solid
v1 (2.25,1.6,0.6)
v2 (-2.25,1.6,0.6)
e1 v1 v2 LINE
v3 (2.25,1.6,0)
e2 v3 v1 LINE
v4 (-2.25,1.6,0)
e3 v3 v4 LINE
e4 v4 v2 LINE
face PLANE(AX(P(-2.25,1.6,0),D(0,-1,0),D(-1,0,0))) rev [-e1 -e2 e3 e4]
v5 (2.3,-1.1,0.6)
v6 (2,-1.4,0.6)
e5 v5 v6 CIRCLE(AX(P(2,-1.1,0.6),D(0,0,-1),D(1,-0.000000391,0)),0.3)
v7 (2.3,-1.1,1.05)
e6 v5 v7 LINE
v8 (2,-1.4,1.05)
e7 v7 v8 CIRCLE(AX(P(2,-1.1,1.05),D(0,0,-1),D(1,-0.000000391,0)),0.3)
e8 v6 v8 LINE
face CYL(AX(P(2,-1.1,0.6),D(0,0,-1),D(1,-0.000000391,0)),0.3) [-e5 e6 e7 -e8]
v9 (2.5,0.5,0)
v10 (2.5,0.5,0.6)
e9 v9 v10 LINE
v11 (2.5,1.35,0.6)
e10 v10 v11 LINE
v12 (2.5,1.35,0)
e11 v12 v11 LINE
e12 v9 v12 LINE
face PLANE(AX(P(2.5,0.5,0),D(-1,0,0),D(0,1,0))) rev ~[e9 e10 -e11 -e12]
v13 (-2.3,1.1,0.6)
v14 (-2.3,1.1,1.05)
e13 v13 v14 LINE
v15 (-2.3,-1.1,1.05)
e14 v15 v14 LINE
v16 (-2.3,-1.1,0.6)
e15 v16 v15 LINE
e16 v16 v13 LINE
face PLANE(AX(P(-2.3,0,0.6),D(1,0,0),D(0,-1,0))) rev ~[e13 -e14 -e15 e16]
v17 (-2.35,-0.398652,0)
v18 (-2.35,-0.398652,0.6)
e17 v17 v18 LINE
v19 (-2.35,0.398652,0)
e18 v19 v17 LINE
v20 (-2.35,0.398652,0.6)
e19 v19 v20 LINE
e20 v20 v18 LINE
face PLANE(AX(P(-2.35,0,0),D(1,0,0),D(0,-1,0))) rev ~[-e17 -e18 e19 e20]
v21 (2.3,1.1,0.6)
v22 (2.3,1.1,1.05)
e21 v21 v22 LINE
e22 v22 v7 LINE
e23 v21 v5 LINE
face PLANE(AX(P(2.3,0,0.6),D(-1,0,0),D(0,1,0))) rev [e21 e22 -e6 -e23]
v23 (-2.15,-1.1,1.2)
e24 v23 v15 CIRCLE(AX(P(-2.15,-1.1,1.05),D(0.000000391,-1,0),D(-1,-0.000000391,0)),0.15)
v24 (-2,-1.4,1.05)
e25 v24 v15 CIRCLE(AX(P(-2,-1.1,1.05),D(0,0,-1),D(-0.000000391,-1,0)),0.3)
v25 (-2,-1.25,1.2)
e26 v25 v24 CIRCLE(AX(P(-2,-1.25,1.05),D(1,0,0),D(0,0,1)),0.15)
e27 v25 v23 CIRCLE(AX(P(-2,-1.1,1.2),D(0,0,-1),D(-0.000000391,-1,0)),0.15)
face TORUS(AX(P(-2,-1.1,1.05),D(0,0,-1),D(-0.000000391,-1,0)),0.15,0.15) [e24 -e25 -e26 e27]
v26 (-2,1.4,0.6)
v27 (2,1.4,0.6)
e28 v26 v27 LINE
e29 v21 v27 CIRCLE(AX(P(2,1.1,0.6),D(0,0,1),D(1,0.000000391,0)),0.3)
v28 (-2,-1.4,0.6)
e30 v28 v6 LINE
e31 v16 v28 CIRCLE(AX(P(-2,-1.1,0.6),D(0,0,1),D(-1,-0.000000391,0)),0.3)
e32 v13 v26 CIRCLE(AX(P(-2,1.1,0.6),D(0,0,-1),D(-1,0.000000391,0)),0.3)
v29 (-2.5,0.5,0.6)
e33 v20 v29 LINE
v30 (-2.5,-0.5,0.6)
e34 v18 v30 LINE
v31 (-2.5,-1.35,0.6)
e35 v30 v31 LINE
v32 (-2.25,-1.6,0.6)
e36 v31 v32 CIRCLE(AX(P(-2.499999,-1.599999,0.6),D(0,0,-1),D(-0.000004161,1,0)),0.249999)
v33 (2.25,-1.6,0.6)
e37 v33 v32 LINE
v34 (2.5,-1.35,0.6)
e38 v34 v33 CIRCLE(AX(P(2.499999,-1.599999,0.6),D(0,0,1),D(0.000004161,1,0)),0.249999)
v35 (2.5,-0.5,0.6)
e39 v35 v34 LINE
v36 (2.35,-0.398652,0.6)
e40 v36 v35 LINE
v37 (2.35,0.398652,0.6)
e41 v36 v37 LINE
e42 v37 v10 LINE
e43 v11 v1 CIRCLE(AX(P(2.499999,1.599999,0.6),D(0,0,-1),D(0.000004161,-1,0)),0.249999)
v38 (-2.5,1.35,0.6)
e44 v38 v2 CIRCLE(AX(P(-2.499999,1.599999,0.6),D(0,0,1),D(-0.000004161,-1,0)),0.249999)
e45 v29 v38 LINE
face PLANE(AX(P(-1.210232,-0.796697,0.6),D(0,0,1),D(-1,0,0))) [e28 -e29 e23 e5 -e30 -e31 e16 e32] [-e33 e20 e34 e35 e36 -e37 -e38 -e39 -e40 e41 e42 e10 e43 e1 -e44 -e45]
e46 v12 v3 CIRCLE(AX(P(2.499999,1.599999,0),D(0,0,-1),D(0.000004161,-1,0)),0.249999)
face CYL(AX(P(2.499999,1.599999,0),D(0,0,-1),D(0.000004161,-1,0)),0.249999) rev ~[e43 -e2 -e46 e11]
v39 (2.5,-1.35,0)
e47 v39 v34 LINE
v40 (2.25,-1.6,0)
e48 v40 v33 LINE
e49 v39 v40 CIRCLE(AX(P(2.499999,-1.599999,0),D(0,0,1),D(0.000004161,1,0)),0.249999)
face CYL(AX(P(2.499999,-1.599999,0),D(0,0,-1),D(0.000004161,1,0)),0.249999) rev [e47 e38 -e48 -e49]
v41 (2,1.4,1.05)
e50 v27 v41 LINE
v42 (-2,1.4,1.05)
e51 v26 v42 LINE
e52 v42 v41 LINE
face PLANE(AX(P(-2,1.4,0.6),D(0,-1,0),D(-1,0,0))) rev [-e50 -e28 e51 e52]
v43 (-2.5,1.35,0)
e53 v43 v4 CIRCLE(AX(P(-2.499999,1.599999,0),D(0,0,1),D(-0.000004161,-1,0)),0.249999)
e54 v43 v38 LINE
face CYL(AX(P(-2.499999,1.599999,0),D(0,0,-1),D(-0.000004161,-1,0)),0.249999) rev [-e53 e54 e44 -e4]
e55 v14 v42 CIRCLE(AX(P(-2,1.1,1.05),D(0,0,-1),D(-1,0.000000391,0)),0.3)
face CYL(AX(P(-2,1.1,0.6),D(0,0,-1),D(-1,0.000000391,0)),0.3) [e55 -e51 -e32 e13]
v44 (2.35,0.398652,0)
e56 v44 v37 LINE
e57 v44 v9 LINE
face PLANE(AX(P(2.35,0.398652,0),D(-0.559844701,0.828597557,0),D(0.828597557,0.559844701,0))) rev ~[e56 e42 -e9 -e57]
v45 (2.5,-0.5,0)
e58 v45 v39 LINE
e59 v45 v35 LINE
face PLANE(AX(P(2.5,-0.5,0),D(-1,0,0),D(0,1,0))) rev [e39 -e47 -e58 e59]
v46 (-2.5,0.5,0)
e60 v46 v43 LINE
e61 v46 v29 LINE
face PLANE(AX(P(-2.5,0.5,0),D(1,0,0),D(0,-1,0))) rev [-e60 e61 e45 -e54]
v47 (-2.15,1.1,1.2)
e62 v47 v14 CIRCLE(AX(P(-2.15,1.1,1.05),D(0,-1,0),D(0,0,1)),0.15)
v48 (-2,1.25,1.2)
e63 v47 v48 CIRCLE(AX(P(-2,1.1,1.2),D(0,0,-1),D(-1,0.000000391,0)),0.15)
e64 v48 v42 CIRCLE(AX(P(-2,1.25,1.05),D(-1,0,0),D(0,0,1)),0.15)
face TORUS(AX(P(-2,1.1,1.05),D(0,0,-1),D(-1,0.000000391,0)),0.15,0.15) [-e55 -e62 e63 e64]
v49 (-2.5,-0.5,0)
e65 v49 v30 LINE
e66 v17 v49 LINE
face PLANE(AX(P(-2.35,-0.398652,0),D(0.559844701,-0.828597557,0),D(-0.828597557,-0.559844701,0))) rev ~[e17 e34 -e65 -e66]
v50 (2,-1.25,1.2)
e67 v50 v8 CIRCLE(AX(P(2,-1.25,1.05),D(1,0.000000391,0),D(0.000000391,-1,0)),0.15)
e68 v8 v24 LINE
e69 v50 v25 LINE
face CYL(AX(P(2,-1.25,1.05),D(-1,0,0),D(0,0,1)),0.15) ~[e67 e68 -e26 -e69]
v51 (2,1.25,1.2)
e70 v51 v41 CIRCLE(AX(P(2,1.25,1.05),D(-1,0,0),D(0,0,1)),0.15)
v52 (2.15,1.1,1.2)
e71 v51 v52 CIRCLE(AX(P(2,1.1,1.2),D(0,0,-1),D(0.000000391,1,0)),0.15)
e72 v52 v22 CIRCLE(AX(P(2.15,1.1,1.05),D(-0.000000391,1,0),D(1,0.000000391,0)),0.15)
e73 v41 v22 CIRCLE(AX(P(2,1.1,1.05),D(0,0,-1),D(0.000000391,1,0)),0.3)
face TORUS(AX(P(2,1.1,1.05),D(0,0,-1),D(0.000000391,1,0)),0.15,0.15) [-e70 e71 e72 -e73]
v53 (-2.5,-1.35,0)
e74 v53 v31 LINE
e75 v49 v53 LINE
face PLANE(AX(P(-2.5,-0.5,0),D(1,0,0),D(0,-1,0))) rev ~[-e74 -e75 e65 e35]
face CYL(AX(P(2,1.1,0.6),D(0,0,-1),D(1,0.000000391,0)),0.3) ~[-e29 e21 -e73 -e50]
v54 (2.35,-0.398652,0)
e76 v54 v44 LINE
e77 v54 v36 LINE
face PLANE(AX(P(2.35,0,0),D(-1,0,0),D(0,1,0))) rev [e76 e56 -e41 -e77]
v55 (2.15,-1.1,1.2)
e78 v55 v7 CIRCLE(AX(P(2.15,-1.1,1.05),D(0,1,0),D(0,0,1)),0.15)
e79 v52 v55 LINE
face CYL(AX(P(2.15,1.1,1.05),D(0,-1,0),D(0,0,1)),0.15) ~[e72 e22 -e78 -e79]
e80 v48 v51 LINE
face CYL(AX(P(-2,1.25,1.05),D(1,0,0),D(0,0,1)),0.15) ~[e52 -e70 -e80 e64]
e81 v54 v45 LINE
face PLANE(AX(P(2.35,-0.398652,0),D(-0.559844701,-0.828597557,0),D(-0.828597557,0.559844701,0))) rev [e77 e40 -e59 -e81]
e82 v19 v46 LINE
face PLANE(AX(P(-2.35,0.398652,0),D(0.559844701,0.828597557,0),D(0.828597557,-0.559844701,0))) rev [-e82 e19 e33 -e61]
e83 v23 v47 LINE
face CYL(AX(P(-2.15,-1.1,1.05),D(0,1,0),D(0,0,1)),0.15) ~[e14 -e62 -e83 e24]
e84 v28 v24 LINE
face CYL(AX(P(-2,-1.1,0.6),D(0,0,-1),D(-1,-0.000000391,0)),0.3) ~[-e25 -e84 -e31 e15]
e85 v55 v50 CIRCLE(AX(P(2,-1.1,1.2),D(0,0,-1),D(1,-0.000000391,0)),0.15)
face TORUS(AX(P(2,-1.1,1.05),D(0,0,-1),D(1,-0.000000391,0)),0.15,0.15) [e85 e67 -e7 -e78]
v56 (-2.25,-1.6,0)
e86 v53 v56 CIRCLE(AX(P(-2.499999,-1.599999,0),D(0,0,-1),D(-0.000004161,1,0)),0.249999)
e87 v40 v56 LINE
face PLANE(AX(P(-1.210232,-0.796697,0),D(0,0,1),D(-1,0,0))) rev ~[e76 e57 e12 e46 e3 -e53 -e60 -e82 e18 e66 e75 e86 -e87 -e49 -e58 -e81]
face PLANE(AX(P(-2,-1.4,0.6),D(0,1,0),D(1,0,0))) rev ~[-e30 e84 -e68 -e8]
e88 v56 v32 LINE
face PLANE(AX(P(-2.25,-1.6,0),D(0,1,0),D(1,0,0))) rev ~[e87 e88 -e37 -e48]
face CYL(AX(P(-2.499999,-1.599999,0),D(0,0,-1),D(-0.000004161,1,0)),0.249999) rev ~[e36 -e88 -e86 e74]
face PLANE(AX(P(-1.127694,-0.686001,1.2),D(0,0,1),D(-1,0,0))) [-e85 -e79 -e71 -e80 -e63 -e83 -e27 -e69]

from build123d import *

# Parameters (mm, degrees)
F1_DEPTH = 0.6
F3_DEPTH = 0.6
F6_R     = 0.15


with BuildPart() as f1:
    # F0 (on Top) → F1 (new body)
    with BuildSketch(Plane.XY):
        with BuildLine():
            Line((0, 1.6), (0, 0))
            Line((0, 0), (2.35, 0))
            Line((2.35, 0), (2.35, 0.398652))
            Line((2.35, 0.398652), (2.5, 0.5))
            Line((2.5, 0.5), (2.5, 1.35))
            ThreePointArc((2.5, 1.35), (2.323223, 1.423223), (2.25, 1.6))
            Line((2.25, 1.6), (0, 1.6))
        make_face()
    extrude(amount=F1_DEPTH)

    # F2 (on face) → F3 (join)
    with BuildSketch(Plane.XY.offset(0.6)):
        with BuildLine():
            Line((0, 1.4), (0, 0))
            Line((0, 0), (2.3, 0))
            Line((2.3, 0), (2.3, 1.1))
            ThreePointArc((2.3, 1.1), (2.212132, 1.312132), (2, 1.4))
            Line((2, 1.4), (0, 1.4))
        make_face()
    extrude(amount=F3_DEPTH)

    # F4: F1 across face


with BuildPart() as f1_1:
    add(f1.part)
    add(f1.part.mirror(Plane(origin=(0, 0.753333, 0.58), x_dir=(0, -1, 0), z_dir=(-1, 0, 0))))

    # F5: F1 across face


with BuildPart() as f1_2:
    add(f1_1.part)
    add(f1_1.part.mirror(Plane(origin=(0, 0, 0.596774), x_dir=(1, 0, 0), z_dir=(0, -1, 0))))

    # F6
    f6_edges = [f1_2.edges().sort_by_distance(p)[0] for p in [
        (0, 1.4, 1.2),
        (-2.212132, 1.312132, 1.2),
        (-2.3, 0, 1.2),
        (-2.212132, -1.312132, 1.2),
        (0, -1.4, 1.2),
        (2.212132, -1.312132, 1.2),
        (2.3, 0, 1.2),
        (2.212132, 1.312132, 1.2),
    ]]
    fillet(f6_edges, radius=F6_R)


solid = f1_2.part
